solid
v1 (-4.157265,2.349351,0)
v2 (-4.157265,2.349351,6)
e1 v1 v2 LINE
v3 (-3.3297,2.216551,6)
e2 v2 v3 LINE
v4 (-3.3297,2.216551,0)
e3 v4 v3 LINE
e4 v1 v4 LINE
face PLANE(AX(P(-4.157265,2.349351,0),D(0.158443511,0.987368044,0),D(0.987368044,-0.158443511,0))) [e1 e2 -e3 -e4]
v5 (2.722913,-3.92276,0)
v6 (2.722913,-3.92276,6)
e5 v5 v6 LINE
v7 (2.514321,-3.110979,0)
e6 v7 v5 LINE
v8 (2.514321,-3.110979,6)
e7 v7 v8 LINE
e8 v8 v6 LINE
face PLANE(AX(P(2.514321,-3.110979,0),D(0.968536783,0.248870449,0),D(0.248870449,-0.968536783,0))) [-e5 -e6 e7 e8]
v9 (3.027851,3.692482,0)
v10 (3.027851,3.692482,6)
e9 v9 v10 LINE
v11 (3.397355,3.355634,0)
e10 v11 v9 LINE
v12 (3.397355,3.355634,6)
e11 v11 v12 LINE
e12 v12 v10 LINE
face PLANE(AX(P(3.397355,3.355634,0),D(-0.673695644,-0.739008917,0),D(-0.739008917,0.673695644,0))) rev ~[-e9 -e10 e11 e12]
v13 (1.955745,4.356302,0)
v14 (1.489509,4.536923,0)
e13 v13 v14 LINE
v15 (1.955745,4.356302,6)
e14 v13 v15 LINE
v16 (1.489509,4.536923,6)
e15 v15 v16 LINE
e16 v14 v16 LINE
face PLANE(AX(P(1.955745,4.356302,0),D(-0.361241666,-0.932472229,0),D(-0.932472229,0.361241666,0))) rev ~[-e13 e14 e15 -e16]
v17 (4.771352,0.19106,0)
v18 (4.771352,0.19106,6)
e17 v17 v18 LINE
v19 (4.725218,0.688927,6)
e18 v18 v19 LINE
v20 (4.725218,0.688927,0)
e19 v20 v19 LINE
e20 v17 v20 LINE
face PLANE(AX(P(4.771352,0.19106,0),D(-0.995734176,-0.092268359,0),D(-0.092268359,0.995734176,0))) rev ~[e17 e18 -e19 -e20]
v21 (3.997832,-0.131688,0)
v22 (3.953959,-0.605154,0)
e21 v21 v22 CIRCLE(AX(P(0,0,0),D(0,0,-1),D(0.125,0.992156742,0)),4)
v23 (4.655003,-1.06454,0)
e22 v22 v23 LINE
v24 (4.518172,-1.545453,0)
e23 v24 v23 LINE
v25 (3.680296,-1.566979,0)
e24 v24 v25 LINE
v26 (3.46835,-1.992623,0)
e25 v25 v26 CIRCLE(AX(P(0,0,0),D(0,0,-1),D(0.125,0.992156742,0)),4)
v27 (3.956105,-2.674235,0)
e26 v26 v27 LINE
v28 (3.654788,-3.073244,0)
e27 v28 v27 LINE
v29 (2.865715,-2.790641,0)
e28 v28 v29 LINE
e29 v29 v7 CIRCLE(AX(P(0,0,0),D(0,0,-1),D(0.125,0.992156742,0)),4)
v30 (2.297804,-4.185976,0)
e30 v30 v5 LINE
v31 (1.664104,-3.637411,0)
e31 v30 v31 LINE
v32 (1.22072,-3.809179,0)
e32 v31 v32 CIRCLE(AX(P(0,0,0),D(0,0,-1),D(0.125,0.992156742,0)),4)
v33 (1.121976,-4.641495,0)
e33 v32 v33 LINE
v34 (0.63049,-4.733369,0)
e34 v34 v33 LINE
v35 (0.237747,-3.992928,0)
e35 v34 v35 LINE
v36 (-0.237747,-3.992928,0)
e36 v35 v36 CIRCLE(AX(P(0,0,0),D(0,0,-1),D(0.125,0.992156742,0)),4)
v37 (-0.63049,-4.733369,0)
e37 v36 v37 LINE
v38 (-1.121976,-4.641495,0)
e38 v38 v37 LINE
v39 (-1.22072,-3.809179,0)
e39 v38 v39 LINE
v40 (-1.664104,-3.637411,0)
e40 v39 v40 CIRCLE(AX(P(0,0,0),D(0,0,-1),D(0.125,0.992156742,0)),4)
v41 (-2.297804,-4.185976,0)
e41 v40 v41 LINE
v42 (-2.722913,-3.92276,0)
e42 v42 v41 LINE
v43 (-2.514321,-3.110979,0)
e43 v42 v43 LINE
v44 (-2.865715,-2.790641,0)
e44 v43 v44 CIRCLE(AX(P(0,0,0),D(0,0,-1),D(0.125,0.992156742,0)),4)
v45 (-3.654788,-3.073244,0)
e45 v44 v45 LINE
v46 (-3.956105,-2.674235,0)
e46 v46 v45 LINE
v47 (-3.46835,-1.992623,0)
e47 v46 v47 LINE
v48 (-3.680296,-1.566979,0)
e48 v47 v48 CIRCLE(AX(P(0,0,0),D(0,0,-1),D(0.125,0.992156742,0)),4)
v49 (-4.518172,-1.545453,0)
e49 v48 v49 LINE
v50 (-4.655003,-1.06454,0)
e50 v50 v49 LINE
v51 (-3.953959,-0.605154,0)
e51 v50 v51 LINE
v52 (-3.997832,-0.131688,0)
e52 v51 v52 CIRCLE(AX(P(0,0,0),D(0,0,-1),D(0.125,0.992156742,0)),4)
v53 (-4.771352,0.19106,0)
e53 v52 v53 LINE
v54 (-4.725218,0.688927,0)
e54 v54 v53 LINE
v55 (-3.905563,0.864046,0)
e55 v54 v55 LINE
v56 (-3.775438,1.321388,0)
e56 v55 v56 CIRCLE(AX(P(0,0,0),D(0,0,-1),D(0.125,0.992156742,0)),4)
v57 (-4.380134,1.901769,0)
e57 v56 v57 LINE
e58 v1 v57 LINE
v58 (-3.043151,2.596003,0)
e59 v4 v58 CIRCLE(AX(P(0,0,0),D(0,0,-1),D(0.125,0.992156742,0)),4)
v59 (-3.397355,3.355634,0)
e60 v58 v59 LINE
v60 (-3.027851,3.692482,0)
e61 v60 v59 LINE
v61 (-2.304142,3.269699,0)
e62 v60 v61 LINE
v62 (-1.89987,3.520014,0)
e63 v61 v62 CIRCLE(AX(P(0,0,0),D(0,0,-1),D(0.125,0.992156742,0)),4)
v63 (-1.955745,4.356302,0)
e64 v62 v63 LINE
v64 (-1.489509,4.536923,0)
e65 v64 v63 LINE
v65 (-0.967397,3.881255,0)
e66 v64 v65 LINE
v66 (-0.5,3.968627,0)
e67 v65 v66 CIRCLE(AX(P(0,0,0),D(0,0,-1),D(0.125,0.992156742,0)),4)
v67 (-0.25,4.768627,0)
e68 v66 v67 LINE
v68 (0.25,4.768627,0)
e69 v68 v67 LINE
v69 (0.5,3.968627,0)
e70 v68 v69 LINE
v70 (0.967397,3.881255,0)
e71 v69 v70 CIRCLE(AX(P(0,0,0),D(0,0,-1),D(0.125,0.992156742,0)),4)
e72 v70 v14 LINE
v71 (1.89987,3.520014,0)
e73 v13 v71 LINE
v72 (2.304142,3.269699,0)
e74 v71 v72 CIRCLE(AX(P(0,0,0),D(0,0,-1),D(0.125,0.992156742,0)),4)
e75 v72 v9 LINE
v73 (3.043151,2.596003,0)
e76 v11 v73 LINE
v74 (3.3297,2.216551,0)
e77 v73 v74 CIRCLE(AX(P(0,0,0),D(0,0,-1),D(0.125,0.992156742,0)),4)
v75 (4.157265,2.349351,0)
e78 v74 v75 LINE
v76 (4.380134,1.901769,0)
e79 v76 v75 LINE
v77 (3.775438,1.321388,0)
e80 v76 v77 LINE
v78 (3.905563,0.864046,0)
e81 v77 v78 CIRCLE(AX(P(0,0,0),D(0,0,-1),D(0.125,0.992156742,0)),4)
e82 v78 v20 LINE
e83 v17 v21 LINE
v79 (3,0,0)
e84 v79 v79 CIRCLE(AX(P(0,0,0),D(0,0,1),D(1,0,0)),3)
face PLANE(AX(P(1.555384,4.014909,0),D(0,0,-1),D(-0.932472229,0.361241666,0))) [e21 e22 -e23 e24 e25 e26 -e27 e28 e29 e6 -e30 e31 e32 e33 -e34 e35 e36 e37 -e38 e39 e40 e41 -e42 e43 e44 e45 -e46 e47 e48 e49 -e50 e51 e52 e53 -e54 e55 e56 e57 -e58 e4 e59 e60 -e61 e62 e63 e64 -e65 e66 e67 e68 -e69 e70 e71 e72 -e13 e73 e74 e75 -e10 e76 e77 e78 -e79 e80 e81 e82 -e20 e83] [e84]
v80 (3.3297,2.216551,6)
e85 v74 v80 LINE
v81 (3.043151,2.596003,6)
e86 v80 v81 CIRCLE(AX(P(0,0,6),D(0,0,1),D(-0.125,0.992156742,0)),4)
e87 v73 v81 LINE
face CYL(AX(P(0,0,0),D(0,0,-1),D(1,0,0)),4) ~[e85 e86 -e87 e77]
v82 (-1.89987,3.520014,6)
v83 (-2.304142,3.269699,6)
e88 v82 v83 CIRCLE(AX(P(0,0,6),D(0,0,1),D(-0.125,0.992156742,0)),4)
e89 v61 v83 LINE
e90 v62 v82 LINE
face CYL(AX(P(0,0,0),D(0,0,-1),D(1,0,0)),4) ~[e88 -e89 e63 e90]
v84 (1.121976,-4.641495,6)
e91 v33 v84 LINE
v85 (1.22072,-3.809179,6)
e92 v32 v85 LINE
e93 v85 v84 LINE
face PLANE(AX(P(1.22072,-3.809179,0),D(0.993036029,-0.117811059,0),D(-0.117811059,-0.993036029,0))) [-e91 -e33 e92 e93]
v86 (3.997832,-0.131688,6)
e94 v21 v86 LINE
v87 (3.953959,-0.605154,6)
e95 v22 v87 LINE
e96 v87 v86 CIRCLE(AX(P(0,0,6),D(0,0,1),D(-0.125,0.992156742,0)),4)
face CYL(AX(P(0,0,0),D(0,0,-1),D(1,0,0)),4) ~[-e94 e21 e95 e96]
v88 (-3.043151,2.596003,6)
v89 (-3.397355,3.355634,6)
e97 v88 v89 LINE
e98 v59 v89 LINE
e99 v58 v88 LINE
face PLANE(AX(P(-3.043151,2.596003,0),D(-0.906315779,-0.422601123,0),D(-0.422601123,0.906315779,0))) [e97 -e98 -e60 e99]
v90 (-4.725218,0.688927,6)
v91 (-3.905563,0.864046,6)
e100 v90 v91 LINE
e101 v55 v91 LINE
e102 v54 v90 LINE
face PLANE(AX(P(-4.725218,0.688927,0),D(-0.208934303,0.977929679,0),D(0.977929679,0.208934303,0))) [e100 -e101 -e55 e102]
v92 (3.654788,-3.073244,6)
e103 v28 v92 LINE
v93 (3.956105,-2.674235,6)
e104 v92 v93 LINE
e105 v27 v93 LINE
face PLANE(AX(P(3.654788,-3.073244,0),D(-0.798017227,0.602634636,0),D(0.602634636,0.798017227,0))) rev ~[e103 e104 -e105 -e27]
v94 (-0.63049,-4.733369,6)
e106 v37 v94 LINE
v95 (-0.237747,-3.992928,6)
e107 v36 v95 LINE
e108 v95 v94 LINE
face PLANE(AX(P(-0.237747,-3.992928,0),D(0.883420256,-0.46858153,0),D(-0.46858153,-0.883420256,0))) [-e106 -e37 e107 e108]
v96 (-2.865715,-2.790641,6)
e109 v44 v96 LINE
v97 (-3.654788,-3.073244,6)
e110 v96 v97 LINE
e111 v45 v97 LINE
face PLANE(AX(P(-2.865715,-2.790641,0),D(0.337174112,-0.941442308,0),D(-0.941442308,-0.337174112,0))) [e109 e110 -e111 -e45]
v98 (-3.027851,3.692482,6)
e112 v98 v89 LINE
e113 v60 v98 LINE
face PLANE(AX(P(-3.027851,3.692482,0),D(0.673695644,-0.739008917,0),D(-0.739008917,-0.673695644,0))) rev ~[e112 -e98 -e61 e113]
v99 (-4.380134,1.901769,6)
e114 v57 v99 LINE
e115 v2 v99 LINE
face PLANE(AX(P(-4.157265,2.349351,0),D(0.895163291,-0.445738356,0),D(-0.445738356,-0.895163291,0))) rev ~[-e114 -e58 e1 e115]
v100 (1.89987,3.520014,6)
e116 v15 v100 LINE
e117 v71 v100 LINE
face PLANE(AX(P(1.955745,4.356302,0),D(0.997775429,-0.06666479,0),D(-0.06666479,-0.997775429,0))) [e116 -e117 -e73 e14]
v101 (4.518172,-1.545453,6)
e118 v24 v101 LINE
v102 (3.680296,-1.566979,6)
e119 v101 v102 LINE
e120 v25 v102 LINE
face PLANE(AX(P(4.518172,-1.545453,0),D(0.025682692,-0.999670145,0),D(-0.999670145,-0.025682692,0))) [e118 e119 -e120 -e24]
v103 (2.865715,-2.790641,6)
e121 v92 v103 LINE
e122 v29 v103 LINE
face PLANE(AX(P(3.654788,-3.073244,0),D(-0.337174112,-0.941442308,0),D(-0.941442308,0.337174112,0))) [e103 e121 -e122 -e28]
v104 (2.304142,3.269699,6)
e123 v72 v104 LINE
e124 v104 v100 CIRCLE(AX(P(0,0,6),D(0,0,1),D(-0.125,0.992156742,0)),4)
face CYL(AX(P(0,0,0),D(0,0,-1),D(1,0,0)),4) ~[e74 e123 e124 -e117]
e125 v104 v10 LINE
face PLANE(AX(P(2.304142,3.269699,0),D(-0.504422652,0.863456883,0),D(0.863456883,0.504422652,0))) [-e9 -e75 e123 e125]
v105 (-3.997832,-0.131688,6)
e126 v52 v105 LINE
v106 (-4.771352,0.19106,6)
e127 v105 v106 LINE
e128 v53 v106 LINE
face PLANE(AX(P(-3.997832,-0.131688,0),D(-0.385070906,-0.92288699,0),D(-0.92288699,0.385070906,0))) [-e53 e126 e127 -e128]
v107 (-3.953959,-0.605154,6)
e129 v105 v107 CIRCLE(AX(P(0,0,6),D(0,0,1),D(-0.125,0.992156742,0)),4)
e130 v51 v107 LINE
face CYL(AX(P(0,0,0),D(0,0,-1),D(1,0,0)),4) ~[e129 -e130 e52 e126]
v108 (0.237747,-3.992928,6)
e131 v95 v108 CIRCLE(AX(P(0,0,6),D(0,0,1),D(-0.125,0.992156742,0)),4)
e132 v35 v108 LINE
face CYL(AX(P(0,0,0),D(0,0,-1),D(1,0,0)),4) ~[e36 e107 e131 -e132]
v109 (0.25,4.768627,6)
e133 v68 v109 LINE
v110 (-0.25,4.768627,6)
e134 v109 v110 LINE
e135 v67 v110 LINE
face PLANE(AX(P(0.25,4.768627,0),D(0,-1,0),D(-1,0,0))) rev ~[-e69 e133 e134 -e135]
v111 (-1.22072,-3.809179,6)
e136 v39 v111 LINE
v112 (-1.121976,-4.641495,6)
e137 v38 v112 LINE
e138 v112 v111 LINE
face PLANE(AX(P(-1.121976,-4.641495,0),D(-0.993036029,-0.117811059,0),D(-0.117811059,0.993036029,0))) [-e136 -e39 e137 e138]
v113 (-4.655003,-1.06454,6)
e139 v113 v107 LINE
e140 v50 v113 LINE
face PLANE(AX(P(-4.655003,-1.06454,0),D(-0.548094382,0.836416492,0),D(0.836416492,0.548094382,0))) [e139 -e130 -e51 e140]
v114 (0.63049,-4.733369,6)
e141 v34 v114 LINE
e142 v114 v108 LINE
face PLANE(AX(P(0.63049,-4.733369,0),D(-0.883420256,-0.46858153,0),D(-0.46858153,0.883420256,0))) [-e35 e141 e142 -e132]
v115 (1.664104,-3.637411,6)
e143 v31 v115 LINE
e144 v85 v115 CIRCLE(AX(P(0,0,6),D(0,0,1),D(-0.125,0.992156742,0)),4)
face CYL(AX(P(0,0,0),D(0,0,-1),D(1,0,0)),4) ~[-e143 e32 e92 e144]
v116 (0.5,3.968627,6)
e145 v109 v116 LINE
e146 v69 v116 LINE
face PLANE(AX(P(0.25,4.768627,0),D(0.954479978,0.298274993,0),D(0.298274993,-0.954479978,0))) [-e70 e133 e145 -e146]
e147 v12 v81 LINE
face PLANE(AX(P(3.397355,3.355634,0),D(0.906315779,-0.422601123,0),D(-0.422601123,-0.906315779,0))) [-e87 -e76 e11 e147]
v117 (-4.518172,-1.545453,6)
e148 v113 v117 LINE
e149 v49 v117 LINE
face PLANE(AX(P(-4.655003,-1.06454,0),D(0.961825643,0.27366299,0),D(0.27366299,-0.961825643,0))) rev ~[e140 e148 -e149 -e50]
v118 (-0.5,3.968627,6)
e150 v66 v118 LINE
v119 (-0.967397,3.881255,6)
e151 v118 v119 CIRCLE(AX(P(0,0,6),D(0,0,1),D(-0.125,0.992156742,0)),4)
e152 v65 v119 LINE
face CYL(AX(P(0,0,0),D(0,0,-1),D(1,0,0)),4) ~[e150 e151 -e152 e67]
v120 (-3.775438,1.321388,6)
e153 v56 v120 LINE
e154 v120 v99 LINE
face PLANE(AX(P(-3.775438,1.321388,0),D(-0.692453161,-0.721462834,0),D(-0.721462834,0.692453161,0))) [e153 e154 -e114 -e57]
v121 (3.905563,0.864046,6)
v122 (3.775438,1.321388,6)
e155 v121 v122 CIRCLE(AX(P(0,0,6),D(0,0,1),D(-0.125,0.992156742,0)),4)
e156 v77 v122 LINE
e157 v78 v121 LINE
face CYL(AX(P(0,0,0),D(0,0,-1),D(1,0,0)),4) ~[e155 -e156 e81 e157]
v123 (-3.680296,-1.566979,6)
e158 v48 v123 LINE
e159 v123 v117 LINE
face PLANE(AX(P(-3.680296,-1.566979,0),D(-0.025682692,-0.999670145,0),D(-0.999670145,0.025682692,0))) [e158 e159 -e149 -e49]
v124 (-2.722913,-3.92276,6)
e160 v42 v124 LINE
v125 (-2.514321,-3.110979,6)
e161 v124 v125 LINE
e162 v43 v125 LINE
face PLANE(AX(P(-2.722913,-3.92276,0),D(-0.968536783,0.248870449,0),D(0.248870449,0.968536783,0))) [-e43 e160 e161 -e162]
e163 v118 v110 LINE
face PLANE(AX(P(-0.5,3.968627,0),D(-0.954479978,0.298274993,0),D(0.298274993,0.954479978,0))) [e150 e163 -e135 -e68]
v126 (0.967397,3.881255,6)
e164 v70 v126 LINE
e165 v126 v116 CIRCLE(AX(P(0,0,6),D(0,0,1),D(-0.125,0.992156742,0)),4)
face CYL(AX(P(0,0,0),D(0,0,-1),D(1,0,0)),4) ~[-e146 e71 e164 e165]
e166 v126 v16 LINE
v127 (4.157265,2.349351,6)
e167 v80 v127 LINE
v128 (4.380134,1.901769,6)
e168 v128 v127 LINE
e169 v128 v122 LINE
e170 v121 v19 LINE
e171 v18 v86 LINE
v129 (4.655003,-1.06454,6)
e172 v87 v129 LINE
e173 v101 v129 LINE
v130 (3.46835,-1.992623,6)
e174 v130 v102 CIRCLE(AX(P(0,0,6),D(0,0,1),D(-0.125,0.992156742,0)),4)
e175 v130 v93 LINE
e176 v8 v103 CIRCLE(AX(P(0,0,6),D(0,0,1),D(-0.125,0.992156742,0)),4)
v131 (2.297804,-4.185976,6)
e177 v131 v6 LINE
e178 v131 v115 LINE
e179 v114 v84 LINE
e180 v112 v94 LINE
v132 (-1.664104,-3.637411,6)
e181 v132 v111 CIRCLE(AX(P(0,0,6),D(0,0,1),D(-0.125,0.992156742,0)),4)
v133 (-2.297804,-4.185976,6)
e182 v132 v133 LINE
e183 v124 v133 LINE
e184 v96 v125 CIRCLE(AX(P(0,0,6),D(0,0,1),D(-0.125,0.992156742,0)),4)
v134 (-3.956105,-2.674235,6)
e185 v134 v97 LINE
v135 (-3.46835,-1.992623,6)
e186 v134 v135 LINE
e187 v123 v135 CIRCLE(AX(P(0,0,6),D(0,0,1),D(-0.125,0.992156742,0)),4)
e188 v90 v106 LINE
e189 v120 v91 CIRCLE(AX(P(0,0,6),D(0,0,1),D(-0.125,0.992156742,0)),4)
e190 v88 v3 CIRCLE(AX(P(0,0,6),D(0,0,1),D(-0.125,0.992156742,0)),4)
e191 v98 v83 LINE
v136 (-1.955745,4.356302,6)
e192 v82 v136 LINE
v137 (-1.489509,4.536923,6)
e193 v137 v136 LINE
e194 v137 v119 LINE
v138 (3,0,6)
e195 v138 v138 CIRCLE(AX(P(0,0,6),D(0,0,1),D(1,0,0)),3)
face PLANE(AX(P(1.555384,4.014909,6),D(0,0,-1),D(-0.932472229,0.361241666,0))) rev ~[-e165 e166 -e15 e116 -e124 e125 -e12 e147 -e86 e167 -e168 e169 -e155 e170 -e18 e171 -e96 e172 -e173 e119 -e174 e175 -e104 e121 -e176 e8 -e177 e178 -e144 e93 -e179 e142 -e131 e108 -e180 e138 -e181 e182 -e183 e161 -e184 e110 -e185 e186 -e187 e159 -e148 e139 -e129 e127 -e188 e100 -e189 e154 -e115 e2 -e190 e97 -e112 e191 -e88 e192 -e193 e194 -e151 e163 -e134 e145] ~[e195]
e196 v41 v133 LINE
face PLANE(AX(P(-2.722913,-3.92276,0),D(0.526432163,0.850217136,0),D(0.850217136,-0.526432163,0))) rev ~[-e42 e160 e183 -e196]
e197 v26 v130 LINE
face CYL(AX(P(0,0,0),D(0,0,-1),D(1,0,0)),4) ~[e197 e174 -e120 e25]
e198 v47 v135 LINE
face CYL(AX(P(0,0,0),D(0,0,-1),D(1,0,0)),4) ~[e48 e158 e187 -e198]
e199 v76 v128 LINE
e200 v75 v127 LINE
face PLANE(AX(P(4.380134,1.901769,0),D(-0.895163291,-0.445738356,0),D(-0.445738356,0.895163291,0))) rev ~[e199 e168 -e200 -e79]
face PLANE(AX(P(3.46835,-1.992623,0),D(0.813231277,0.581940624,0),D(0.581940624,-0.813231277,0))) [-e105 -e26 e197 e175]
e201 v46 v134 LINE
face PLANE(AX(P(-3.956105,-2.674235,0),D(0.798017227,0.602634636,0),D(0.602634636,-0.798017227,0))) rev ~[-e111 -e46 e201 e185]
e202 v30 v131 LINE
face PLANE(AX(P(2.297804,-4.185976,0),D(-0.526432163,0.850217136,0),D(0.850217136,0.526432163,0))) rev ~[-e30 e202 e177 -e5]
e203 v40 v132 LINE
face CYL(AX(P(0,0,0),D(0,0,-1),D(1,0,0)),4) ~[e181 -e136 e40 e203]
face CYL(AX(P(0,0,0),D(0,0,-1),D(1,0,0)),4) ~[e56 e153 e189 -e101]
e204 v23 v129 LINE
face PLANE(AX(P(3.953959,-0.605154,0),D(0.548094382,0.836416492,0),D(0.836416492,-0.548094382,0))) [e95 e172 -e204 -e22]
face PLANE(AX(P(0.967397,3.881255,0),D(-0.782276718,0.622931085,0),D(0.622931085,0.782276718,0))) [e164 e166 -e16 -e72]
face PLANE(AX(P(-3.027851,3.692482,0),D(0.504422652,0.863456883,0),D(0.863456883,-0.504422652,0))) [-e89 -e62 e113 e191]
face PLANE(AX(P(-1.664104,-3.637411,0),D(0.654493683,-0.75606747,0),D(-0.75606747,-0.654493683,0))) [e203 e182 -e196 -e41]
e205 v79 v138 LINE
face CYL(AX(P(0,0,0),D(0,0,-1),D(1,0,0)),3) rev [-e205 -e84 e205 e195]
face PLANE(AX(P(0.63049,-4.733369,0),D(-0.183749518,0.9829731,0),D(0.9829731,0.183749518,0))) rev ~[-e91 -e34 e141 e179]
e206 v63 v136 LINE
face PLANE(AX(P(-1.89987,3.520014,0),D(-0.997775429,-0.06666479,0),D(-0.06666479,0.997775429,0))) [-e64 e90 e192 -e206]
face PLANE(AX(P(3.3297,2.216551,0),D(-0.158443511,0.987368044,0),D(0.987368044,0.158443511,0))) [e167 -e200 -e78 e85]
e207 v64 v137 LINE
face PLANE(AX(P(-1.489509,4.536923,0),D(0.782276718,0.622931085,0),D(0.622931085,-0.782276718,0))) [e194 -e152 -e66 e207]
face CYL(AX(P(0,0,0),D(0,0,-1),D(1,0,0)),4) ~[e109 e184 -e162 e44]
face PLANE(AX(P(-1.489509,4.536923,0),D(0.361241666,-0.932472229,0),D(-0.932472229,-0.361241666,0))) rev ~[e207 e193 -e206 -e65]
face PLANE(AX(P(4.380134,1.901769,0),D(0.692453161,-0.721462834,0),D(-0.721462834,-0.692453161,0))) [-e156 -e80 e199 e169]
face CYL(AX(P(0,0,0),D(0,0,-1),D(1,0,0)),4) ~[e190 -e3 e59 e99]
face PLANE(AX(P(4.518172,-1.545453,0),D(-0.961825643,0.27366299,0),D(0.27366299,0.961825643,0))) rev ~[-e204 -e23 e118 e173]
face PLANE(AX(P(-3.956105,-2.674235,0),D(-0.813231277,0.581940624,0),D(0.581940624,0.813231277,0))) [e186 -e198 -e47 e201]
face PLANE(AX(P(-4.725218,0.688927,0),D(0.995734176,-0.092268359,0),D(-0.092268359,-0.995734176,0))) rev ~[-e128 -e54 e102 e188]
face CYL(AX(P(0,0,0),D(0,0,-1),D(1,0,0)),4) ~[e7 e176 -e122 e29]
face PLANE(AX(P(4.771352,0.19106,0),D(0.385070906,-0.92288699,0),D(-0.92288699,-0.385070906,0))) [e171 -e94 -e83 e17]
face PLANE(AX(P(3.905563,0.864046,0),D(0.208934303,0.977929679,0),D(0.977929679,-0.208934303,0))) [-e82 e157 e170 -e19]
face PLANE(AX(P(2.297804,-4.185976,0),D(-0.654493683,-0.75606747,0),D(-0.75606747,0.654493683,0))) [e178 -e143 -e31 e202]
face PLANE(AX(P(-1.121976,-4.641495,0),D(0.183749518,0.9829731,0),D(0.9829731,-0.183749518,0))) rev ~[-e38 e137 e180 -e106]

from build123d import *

# Parameters (mm, degrees)
SKETCH1_R           = 4
BOSS_EXTRUDE1_DEPTH = 6
BOSS_EXTRUDE2_DEPTH = 6
CIRPATTERN1_COUNT   = 17
SKETCH5_R           = 3
CUT_EXTRUDE1_DEPTH  = 6


with BuildPart() as part:
    # Sketch1 → Boss-Extrude1 (new body)
    with BuildSketch(Plane.XY):
        Circle(SKETCH1_R)
    extrude(amount=BOSS_EXTRUDE1_DEPTH)

    # Sketch3 → Boss-Extrude2 (add)
    with BuildSketch(Plane.XY):
        Polygon((0, 4.768626967), (0.25, 4.768626967), (0.5, 3.968626967), (-0.5, 3.968626967), (-0.25, 4.768626967), align=None)
    boss_extrude2 = extrude(amount=BOSS_EXTRUDE2_DEPTH)

    # CirPattern1: Boss-Extrude2 ×17 about axis
    cirpattern1_axis = Axis((0, 0, 0), (0, 0, 1))
    for i in range(1, CIRPATTERN1_COUNT):
        add(boss_extrude2.rotate(cirpattern1_axis, i * 360 / CIRPATTERN1_COUNT))

    # Sketch5 → Cut-Extrude1 (cut)
    with BuildSketch(Plane.XY):
        Circle(SKETCH5_R)
    extrude(amount=CUT_EXTRUDE1_DEPTH, mode=Mode.SUBTRACT)


solid = part.part
